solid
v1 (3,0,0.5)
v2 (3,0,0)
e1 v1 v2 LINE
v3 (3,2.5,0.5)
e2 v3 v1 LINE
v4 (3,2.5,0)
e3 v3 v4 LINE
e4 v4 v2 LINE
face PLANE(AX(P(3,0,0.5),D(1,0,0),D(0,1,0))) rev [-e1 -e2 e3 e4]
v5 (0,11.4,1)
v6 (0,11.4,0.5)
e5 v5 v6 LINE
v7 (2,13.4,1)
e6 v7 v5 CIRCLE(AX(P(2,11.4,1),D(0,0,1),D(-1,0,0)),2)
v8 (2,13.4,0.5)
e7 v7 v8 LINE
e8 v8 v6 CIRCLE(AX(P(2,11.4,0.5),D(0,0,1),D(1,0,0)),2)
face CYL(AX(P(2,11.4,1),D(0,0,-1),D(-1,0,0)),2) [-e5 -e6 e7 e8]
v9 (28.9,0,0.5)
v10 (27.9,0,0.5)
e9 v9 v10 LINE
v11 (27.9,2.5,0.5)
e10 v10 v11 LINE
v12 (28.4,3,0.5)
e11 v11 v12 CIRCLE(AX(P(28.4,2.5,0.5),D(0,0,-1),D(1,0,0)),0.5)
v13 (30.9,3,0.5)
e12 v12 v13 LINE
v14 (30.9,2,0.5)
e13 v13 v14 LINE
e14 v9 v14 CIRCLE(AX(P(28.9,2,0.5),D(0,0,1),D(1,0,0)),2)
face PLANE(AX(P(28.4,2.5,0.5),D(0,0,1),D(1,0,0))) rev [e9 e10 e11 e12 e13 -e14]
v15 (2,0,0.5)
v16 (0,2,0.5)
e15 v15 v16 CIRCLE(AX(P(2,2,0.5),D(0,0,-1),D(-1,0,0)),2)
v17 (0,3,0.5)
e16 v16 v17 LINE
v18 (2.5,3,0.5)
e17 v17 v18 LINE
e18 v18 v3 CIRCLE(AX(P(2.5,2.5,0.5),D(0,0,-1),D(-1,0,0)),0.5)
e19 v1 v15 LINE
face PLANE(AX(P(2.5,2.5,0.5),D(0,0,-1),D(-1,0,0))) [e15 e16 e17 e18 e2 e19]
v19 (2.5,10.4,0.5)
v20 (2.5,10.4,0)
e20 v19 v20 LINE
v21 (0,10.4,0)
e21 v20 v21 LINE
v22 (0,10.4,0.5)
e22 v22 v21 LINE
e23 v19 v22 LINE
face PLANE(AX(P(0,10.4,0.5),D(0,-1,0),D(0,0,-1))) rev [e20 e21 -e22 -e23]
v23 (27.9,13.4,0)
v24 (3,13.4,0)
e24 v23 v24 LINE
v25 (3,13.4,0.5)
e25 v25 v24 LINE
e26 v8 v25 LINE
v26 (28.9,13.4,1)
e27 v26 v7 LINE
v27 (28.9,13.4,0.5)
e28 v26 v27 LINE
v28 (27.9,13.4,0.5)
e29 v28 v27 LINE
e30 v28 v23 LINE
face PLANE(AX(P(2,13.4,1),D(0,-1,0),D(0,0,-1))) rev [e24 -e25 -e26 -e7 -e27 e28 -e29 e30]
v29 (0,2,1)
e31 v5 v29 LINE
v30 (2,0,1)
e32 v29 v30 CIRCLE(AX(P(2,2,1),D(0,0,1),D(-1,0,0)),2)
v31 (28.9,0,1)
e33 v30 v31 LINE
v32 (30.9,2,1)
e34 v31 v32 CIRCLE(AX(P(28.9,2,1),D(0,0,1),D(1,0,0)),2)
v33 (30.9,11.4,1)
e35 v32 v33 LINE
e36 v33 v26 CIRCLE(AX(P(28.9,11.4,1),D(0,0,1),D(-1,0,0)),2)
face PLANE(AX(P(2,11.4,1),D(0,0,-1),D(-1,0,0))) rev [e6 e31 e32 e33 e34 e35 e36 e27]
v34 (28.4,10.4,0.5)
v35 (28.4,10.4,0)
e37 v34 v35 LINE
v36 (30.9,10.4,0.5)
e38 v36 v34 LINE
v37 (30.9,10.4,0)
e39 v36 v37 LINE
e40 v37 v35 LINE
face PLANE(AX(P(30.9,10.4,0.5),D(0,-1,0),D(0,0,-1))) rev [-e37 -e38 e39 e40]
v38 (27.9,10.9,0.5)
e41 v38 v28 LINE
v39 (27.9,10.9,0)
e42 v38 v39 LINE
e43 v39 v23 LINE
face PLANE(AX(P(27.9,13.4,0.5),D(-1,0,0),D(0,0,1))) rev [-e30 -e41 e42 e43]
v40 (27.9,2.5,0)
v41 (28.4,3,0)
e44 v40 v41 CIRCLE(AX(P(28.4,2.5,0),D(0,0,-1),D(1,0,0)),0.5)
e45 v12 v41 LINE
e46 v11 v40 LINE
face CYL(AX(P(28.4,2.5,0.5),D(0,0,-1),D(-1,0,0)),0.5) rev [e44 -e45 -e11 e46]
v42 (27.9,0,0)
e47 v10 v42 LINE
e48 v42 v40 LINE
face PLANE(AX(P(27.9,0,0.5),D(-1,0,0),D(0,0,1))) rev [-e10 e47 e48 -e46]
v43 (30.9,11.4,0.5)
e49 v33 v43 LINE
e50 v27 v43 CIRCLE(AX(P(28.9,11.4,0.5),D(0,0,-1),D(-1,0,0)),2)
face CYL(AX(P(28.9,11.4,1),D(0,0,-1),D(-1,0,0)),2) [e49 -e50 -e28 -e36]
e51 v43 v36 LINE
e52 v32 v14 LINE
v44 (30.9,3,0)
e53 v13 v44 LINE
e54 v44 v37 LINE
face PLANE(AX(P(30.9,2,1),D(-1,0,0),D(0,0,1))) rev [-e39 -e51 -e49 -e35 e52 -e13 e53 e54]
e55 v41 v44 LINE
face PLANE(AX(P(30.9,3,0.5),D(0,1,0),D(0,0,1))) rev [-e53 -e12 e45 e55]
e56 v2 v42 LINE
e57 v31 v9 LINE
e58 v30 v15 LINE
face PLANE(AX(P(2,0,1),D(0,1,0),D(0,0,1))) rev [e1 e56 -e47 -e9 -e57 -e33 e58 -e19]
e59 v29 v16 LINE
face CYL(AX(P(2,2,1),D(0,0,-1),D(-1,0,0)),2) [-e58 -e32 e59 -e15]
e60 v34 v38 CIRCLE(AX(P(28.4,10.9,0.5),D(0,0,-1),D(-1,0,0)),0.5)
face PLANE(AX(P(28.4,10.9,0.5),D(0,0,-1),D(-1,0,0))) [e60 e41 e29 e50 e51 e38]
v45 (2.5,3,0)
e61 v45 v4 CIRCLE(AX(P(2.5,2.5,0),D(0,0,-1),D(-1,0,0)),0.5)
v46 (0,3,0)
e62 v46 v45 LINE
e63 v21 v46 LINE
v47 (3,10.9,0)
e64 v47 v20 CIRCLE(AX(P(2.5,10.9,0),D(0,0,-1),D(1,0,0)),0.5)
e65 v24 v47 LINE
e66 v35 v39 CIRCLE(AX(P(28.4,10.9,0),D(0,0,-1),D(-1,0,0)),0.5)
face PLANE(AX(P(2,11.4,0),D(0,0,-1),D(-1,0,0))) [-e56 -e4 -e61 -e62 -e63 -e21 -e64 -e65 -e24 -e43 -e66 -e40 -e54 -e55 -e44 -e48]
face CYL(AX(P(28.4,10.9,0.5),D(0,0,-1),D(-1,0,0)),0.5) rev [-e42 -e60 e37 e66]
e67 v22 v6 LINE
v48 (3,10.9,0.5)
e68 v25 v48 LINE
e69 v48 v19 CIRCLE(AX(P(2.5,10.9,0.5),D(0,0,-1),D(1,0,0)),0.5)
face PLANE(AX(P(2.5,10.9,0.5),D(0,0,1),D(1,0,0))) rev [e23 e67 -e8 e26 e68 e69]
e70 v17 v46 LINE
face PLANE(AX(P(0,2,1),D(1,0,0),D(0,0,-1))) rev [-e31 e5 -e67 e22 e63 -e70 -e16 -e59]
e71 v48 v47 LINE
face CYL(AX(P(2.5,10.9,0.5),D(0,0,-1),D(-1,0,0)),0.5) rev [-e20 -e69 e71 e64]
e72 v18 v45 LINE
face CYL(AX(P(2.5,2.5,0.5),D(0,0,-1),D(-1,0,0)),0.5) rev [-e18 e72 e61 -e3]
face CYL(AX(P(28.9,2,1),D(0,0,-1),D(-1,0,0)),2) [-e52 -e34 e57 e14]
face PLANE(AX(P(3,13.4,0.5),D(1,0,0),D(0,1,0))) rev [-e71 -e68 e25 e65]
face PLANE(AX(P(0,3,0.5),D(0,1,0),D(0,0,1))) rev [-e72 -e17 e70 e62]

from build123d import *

# Parameters (mm, degrees)
EXTRUDE_1_DEPTH     = 1
CUT_EXTRUDE_2_DEPTH = 0.5


with BuildPart() as part:
    # 草图1 → 凸台-拉伸1 (new body)
    with BuildSketch(Plane.XY):
        with BuildLine():
            Line((2, 0), (28.9, 0))
            ThreePointArc((28.9, 0), (30.314213562, 0.585786438), (30.9, 2))
            Line((30.9, 2), (30.9, 11.4))
            ThreePointArc((30.9, 11.4), (30.314213562, 12.814213562), (28.9, 13.4))
            Line((28.9, 13.4), (2, 13.4))
            ThreePointArc((2, 13.4), (0.585786438, 12.814213562), (0, 11.4))
            Line((0, 11.4), (0, 2))
            ThreePointArc((0, 2), (0.585786438, 0.585786438), (2, 0))
        make_face()
    extrude(amount=EXTRUDE_1_DEPTH)

    # 草图3 → 切除-拉伸2 (cut)
    with BuildSketch(Plane(origin=(0, 0, 0), x_dir=(-1, 0, 0), z_dir=(0, 0, -1))):
        with BuildLine():
            Line((-30.9, 13.4), (-27.9, 13.4))
            Line((-27.9, 13.4), (-27.9, 10.9))
            ThreePointArc((-27.9, 10.9), (-28.046446609, 10.546446609), (-28.4, 10.4))
            Line((-28.4, 10.4), (-30.9, 10.4))
            Line((-30.9, 10.4), (-30.9, 13.4))
        make_face()
        with BuildLine():
            Line((-3, 13.4), (-3, 10.9))
            ThreePointArc((-3, 10.9), (-2.853553391, 10.546446609), (-2.5, 10.4))
            Line((-2.5, 10.4), (0, 10.4))
            Line((0, 10.4), (0, 13.4))
            Line((0, 13.4), (-3, 13.4))
        make_face()
        with BuildLine():
            Line((0, 0), (-3, 0))
            Line((-3, 0), (-3, 2.5))
            ThreePointArc((-3, 2.5), (-2.853553391, 2.853553391), (-2.5, 3))
            Line((-2.5, 3), (0, 3))
            Line((0, 3), (0, 0))
        make_face()
        with BuildLine():
            Line((-27.9, 0), (-27.9, 2.5))
            ThreePointArc((-27.9, 2.5), (-28.046446609, 2.853553391), (-28.4, 3))
            Line((-28.4, 3), (-30.9, 3))
            Line((-30.9, 3), (-30.9, 0))
            Line((-30.9, 0), (-27.9, 0))
        make_face()
    extrude(amount=-CUT_EXTRUDE_2_DEPTH, mode=Mode.SUBTRACT)


solid = part.part
